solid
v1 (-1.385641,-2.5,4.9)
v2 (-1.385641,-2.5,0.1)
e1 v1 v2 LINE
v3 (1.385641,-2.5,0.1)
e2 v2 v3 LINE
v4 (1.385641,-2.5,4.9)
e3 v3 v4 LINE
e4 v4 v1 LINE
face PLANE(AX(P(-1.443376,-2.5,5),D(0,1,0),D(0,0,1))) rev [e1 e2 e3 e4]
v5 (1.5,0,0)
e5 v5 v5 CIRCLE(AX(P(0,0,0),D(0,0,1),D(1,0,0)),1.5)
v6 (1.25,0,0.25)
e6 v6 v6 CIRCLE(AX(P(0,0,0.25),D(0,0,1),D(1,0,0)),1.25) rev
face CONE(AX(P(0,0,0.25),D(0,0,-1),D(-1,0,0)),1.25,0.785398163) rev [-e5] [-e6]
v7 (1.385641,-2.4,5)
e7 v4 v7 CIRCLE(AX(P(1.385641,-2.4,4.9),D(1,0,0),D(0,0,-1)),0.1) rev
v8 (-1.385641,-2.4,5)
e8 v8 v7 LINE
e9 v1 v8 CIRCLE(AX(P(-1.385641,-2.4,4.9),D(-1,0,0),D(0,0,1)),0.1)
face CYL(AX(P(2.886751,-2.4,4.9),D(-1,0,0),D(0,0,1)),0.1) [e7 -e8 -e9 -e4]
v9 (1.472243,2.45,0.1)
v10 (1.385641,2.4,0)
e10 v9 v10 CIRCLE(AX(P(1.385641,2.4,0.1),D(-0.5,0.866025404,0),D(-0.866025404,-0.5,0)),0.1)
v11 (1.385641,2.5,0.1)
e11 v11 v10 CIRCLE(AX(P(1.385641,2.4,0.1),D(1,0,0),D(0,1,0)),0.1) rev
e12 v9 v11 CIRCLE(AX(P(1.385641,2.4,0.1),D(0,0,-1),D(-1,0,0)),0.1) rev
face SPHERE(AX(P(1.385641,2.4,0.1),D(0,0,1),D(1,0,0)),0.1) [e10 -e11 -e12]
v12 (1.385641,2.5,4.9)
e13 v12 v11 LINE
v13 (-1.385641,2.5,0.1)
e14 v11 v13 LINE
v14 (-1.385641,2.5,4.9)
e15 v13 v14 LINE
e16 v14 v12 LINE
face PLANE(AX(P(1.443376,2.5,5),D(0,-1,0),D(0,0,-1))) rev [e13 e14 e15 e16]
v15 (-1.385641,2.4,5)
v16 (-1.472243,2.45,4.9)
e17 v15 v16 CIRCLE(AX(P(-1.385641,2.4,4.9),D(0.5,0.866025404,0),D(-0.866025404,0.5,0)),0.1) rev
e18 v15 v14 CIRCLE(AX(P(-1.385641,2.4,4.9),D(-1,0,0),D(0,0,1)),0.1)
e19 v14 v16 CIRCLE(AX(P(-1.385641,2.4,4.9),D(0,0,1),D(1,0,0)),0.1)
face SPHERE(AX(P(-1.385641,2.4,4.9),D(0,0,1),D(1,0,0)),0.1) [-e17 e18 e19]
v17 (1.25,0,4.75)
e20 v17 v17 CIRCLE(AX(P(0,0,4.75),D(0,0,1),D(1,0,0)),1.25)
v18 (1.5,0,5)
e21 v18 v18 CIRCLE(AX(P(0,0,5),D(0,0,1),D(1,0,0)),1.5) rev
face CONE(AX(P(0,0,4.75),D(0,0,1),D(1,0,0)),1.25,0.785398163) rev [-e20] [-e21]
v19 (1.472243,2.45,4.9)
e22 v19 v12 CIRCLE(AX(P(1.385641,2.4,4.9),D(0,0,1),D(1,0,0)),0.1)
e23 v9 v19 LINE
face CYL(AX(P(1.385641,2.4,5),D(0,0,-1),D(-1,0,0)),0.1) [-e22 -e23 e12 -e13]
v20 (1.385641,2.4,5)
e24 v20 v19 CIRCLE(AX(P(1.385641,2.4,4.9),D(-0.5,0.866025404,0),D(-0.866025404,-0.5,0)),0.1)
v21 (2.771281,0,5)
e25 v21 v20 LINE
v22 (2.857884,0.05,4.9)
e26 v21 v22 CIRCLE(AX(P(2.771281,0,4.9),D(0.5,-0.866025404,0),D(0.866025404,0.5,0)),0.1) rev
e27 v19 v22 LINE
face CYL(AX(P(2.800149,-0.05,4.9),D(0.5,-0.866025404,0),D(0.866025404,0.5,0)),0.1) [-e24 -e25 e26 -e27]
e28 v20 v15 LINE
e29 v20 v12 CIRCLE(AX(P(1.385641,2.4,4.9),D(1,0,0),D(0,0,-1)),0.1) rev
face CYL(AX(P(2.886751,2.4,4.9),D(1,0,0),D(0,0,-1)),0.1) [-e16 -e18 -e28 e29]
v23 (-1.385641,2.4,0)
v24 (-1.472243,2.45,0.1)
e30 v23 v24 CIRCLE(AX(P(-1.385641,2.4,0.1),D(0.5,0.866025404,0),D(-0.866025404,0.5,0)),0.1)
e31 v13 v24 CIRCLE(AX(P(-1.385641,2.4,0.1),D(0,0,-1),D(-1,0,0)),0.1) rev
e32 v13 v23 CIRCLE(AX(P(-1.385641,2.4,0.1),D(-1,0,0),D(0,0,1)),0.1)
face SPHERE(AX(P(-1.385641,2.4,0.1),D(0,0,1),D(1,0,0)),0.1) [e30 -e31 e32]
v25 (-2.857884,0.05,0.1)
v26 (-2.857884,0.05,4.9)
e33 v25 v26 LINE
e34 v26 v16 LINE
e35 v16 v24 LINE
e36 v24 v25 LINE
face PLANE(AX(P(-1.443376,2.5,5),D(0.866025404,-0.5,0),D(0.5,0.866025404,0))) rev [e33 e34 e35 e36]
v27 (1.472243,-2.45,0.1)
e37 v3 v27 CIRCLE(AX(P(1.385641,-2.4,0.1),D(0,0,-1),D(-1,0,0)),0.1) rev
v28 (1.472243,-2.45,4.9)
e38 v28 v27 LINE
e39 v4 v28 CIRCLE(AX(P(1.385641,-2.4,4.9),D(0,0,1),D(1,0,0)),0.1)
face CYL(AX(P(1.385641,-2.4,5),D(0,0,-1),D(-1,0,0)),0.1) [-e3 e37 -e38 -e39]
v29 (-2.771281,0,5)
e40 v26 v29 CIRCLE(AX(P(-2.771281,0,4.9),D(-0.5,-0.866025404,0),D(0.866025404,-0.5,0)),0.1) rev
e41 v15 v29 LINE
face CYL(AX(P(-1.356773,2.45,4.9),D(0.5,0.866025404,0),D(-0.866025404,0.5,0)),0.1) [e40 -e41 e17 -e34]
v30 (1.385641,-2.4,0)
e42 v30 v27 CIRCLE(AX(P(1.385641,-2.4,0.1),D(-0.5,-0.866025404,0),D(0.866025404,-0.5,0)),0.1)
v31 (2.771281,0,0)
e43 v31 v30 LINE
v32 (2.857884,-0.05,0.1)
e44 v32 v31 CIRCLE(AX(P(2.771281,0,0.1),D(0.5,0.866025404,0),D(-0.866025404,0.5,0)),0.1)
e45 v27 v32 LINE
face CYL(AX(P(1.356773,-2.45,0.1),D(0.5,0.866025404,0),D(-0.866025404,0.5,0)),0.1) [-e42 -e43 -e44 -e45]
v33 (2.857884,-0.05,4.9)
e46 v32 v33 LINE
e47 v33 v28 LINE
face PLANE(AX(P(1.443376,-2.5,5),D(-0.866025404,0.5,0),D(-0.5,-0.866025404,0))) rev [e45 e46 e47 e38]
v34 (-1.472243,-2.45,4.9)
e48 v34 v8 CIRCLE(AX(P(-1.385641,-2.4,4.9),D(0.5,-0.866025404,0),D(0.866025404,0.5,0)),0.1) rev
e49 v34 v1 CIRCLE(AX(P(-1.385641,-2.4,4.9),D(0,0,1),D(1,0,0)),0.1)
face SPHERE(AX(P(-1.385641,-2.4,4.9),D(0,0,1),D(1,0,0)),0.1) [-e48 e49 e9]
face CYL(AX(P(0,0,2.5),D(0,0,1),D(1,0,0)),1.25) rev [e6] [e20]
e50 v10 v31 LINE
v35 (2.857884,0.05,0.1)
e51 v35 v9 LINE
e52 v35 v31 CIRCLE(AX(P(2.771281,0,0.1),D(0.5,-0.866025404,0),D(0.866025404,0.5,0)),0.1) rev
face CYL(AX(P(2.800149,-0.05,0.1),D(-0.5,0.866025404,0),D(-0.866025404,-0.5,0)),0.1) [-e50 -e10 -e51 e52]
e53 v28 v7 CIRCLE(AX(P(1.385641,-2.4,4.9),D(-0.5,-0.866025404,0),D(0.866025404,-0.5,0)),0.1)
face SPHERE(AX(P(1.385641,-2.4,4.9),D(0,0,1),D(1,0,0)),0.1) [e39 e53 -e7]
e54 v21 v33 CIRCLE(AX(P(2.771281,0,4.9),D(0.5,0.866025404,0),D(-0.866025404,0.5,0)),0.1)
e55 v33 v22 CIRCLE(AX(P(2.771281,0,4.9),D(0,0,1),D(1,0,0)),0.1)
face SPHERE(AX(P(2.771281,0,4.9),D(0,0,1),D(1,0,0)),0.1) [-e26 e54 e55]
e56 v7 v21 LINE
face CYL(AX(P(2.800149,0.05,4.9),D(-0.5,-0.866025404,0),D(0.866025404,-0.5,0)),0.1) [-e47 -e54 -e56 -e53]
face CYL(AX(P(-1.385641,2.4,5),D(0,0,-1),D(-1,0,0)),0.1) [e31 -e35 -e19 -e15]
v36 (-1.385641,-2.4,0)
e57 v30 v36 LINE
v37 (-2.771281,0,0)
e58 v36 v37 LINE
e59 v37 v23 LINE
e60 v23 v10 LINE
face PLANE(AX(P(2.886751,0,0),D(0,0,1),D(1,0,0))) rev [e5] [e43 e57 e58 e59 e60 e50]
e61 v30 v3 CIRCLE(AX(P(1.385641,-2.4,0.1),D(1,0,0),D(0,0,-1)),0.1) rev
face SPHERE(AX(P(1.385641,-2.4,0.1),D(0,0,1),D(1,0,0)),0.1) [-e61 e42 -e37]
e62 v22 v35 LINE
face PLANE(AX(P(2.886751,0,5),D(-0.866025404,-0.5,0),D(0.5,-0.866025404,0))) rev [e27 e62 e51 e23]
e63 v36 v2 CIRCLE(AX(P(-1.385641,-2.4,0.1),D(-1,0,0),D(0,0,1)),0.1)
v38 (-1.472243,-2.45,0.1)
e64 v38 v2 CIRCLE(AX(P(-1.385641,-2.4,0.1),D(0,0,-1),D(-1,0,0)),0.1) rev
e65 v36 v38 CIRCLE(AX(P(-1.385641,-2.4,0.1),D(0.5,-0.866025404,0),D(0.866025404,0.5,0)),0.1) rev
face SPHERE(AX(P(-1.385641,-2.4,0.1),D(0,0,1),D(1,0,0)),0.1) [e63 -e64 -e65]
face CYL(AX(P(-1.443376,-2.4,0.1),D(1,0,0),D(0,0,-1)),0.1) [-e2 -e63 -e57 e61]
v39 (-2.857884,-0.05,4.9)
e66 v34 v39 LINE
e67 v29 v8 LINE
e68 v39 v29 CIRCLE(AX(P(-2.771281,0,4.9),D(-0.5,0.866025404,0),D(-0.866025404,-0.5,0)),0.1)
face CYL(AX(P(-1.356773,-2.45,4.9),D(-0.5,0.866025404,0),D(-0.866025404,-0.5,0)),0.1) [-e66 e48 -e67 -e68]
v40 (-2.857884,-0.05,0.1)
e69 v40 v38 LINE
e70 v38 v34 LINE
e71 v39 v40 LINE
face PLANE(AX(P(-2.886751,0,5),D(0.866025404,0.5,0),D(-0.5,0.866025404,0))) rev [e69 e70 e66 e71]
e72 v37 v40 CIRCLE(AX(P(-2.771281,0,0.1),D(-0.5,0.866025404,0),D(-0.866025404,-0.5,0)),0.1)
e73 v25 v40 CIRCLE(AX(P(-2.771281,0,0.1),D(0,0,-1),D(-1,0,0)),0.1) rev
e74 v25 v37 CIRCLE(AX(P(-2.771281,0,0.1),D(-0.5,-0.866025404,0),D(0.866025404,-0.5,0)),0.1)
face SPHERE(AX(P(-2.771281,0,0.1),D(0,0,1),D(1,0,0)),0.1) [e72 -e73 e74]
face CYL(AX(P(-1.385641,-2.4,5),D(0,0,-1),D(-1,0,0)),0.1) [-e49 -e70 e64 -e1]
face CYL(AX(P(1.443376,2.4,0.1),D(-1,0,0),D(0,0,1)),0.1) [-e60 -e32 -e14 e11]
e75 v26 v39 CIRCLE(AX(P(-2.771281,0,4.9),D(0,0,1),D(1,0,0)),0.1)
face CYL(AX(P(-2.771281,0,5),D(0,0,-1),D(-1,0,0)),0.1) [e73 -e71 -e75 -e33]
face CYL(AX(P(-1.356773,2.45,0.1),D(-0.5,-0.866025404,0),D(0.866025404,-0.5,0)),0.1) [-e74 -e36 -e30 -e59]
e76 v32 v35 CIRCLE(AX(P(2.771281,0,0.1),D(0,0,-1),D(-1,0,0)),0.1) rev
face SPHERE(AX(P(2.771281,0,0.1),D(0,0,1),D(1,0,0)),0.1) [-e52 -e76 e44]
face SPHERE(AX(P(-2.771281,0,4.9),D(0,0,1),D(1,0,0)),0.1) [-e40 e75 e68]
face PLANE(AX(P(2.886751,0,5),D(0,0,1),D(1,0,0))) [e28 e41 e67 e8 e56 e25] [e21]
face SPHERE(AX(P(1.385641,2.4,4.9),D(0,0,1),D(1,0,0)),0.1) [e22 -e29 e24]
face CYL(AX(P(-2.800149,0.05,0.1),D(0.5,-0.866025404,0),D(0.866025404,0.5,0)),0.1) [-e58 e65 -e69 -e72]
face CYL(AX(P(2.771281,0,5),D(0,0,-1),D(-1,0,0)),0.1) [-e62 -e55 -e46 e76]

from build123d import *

# Parameters (mm, degrees)
EXTRUDE_1_DEPTH     = 5
SKETCH_2_R          = 1.25
CUT_EXTRUDE_1_DEPTH = 2.5
CUT_EXTRUDE_START   = -2.5
SKETCH_3_R          = 1.25
CUT_EXTRUDE_2_DEPTH = 2.5
CHAMFER_1_SIZE      = 0.25
FILLET_1_R          = 0.1


with BuildPart() as part:
    # Эскиз1 → Бобышка-Вытянуть1 (new body)
    with BuildSketch(Plane.XY):
        Polygon((2.886751346, 0), (1.443375673, 2.5), (-1.443375673, 2.5), (-2.886751346, 0), (-1.443375673, -2.5), (1.443375673, -2.5), align=None)
    extrude(amount=EXTRUDE_1_DEPTH)

    # Эскиз2 → Вырез-Вытянуть1 (cut)
    with BuildSketch(Plane.XY.offset(5)):
        Circle(SKETCH_2_R)
    extrude(amount=-CUT_EXTRUDE_1_DEPTH, mode=Mode.SUBTRACT)

    # Эскиз3 → Вырез-Вытянуть2 (cut)
    with BuildSketch(Plane(origin=(0, 0, 0), x_dir=(-1, 0, 0), z_dir=(0, 0, -1)).offset(CUT_EXTRUDE_START)):
        with Locations(Location((0, 0, 0), (0, 0, 180))):
            Circle(SKETCH_3_R)
    extrude(amount=CUT_EXTRUDE_2_DEPTH, mode=Mode.SUBTRACT)

    # Фаска1
    chamfer_1_edges = [part.edges().sort_by_distance(p)[0] for p in [
        (-1.25, 0, 5),
        (-1.25, 0, 0),
    ]]
    chamfer(chamfer_1_edges, length=CHAMFER_1_SIZE)

    # Скругление1
    fillet_1_edges = [part.edges().sort_by_distance(p)[0] for p in [
        (0, 2.5, 5),
        (1.443375673, -2.5, 2.5),
        (-1.443375673, -2.5, 2.5),
        (-2.886751346, 0, 2.5),
        (-1.443375673, 2.5, 2.5),
        (1.443375673, 2.5, 2.5),
        (2.886751346, 0, 2.5),
        (-2.165063509, 1.25, 5),
        (-2.165063509, -1.25, 5),
        (0, -2.5, 5),
        (2.165063509, -1.25, 5),
        (0, -2.5, 0),
        (-2.165063509, -1.25, 0),
        (-2.165063509, 1.25, 0),
        (2.165063509, 1.25, 5),
        (0, 2.5, 0),
        (2.165063509, 1.25, 0),
        (2.165063509, -1.25, 0),
    ]]
    fillet(fillet_1_edges, radius=FILLET_1_R)


solid = part.part
